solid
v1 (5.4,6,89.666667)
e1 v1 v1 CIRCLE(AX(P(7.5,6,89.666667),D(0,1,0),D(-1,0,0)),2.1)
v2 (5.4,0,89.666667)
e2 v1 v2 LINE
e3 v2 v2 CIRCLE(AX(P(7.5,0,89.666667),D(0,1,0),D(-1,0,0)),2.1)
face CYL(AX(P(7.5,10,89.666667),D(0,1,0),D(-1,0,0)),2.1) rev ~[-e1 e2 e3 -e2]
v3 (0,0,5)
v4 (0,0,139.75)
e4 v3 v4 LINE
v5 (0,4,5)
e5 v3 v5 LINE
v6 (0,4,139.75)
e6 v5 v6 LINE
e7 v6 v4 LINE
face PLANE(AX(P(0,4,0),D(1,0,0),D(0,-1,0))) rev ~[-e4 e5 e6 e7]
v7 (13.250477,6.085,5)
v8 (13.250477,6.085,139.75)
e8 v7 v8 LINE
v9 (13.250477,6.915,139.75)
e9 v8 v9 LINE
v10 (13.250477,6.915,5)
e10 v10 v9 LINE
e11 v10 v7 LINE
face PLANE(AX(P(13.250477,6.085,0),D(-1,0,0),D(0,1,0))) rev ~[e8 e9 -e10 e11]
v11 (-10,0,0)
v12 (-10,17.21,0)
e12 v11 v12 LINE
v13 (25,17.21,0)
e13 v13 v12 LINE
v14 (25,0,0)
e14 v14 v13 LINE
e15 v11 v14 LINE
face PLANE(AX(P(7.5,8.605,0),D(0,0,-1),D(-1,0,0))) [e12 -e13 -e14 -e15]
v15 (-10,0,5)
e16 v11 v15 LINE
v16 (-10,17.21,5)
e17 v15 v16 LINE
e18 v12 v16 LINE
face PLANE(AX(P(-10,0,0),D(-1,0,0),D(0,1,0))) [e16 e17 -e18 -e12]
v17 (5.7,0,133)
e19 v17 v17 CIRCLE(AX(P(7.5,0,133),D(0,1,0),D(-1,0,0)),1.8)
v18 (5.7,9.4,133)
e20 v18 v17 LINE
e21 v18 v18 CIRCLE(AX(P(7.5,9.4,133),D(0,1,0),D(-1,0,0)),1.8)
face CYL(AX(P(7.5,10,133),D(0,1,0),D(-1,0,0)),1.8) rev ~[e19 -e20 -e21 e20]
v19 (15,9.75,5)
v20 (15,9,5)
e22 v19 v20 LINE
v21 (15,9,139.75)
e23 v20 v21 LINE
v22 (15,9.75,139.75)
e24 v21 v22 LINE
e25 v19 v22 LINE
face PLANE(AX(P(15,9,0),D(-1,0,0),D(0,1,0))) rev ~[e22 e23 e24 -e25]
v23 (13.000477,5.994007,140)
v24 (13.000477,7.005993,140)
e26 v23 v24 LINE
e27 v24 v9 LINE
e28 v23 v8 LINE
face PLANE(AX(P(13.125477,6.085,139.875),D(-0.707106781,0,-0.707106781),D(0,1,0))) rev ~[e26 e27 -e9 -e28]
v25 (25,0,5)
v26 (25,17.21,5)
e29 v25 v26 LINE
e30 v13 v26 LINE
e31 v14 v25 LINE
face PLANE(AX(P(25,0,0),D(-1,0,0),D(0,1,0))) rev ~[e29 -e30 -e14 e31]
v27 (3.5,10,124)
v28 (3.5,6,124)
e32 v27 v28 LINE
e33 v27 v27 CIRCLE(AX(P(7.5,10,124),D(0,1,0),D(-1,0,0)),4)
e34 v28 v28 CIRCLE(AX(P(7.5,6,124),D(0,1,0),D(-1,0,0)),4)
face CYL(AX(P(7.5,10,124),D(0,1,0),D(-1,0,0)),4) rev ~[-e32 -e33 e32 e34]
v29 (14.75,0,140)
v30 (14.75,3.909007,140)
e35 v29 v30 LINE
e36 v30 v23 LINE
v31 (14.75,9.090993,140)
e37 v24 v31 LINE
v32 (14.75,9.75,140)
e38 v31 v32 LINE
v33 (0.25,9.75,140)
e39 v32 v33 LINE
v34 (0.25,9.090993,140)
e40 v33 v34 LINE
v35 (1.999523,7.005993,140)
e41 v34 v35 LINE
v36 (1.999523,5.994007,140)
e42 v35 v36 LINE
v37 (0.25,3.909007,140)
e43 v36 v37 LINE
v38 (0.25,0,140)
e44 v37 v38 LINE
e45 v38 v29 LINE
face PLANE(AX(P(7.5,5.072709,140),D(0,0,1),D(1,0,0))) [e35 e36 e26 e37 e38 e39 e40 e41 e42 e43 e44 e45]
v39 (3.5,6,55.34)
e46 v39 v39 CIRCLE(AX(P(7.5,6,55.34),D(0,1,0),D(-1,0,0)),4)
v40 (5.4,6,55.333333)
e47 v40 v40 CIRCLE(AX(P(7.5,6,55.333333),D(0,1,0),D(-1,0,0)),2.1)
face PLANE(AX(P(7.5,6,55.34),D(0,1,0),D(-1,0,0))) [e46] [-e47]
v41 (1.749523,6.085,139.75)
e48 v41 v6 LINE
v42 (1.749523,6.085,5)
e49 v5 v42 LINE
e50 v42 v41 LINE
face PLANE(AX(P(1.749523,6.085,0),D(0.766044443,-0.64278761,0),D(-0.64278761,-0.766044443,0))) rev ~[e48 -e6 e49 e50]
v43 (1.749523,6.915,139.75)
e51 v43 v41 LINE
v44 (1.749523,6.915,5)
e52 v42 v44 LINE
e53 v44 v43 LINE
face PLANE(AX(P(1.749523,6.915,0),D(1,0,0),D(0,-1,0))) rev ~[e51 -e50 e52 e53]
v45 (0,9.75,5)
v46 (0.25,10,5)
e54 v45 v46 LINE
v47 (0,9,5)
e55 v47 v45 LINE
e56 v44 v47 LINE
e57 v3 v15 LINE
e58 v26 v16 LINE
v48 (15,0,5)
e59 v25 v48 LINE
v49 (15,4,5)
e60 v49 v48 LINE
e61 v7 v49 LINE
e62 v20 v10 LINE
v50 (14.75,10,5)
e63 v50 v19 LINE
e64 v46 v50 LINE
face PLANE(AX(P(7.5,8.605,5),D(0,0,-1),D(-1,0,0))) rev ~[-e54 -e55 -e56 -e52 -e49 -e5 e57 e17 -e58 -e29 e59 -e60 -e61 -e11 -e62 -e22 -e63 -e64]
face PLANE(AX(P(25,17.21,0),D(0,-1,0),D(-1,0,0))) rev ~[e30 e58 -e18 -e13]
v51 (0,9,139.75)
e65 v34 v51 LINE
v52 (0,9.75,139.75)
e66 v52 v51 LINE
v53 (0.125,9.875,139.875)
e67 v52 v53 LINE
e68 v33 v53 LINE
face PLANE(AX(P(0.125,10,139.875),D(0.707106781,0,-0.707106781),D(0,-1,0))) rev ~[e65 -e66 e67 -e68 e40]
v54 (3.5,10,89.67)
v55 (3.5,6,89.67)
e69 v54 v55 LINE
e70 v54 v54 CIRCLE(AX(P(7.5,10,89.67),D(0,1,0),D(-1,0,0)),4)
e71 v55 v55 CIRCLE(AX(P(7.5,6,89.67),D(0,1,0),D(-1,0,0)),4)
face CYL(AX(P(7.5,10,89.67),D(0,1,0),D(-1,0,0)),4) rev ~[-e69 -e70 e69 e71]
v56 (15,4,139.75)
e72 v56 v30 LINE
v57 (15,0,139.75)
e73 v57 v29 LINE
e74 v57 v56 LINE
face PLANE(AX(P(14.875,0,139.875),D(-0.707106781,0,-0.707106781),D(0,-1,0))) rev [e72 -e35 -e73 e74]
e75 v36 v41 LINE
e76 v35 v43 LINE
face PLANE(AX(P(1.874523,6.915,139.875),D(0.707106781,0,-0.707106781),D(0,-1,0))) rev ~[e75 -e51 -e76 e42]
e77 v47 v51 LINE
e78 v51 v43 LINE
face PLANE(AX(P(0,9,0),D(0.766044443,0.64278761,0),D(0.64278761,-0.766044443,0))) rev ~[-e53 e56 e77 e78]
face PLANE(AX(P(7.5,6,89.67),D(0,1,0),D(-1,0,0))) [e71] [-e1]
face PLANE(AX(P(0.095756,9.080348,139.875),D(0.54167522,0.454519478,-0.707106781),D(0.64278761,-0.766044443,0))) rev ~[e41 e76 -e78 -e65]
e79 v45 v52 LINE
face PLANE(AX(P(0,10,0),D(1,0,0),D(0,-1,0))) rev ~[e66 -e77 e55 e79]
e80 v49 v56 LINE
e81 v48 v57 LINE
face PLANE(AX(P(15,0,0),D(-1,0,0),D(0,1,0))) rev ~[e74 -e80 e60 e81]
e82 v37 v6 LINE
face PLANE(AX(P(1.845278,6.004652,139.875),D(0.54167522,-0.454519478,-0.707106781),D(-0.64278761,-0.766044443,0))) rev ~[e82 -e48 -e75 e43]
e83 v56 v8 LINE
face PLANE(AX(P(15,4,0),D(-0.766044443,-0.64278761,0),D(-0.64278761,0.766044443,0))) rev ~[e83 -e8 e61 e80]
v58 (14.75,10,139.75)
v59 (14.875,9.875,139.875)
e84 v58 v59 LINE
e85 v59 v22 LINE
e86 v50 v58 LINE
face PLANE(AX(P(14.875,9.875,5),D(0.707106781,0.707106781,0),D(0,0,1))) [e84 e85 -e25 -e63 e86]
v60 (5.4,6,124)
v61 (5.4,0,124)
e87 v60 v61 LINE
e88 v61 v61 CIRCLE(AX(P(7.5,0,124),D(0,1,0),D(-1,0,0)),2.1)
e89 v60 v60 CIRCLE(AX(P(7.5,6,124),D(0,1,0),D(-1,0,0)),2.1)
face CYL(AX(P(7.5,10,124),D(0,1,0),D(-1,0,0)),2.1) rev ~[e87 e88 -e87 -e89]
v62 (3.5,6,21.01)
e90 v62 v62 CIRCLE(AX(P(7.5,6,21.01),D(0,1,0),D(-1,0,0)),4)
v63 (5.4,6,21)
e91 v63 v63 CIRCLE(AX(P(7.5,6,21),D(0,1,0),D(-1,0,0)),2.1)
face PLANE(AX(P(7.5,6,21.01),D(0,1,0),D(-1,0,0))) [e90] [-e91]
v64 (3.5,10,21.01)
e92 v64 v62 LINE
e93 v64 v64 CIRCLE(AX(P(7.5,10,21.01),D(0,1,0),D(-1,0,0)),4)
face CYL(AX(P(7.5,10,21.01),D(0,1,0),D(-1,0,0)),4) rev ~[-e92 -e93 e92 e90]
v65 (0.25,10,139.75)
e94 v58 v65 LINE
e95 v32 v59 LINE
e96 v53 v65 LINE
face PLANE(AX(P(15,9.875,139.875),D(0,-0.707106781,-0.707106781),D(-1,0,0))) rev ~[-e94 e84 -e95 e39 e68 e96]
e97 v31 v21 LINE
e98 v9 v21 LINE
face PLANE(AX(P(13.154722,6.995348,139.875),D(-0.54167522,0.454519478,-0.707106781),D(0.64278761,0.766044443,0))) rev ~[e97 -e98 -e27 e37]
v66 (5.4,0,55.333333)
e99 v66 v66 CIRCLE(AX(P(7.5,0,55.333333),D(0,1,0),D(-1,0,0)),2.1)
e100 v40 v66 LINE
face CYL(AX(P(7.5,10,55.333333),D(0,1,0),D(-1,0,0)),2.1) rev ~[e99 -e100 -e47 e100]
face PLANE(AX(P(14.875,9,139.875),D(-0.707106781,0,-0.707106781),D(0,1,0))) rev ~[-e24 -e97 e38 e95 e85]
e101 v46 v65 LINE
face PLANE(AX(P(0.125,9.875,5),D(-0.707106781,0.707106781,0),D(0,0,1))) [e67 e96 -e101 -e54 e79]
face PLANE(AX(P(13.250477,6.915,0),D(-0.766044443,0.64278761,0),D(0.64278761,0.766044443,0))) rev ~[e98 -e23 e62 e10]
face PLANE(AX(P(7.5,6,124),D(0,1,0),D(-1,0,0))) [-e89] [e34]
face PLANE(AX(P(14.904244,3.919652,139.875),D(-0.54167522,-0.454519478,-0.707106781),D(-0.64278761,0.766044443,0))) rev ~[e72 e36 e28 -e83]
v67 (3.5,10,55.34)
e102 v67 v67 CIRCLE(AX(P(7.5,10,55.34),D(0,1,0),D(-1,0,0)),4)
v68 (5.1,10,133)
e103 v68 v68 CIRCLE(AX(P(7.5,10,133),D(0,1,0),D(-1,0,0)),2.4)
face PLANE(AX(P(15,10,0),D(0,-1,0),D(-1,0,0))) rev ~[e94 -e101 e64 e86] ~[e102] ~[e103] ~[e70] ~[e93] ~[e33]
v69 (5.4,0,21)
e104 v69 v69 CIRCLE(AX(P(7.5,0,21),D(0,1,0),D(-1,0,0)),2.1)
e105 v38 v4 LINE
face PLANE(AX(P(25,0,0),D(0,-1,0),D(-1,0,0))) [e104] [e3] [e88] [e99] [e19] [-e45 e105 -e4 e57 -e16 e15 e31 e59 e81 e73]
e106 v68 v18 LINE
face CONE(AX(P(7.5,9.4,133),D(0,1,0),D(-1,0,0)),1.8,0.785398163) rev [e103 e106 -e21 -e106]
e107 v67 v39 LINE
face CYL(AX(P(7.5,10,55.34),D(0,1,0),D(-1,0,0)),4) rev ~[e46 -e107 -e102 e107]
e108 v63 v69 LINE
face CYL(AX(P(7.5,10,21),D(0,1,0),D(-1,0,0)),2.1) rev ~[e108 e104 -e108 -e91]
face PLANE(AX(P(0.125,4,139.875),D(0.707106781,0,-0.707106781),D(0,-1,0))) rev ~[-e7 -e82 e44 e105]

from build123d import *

# Parameters (mm, degrees)
P_IDAT_VYSUNUT_M1_DEPTH  = 140
SKICA2_W                 = 35
SKICA2_H                 = 17.21
P_IDAT_VYSUNUT_M2_DEPTH  = 5
SKICA3_R                 = 2.1
ODEBRAT_VYSUNUT_M1_DEPTH = 10
SKICA4_R                 = 4
ODEBRAT_VYSUNUT_M2_DEPTH = 4
SKICA5_R                 = 1.8
ODEBRAT_VYSUNUT_M3_DEPTH = 10
ZKOSEN_2_SIZE            = 0.25
ZKOSEN_3_SIZE            = 0.25
ZKOSEN_4_SIZE            = 0.6


with BuildPart() as part:
    # Skica1 → Přidat vysunutím1 (new body)
    with BuildSketch(Plane.XY):
        Polygon((0, 9), (1.749522731, 6.915), (1.749522731, 6.085), (0, 4), (0, 0), (15, 0), (15, 4), (13.250477269, 6.085), (13.250477269, 6.915), (15, 9), (15, 10), (0, 10), align=None)
    extrude(amount=P_IDAT_VYSUNUT_M1_DEPTH)

    # Skica2 → Přidat vysunutím2 (add)
    with BuildSketch(Plane(origin=(0, 0, 0), x_dir=(-1, 0, 0), z_dir=(0, 0, -1))):
        with Locations((-7.5, 8.605)):
            Rectangle(SKICA2_W, SKICA2_H)
    extrude(amount=-P_IDAT_VYSUNUT_M2_DEPTH)

    # Skica3 → Odebrat vysunutím1 (cut)
    with BuildSketch(Plane(origin=(0, 10, 0), x_dir=(1, 0, 0), z_dir=(0, 1, 0))):
        with Locations(Location((7.5, -124, 0), (0, 0, 180))):
            Circle(SKICA3_R)
        with Locations(Location((7.5, -89.666666667, 0), (0, 0, 180))):
            Circle(SKICA3_R)
        with Locations(Location((7.5, -55.333333333, 0), (0, 0, 180))):
            Circle(SKICA3_R)
        with Locations(Location((7.5, -21, 0), (0, 0, 180))):
            Circle(SKICA3_R)
    extrude(amount=-ODEBRAT_VYSUNUT_M1_DEPTH, mode=Mode.SUBTRACT)

    # Skica4 → Odebrat vysunutím2 (cut)
    with BuildSketch(Plane(origin=(0, 10, 0), x_dir=(1, 0, 0), z_dir=(0, 1, 0))):
        with Locations(Location((7.5, -124, 0), (0, 0, 180))):
            Circle(SKICA4_R)
        with Locations(Location((7.5, -89.67, 0), (0, 0, 180))):
            Circle(SKICA4_R)
        with Locations(Location((7.5, -55.34, 0), (0, 0, 180))):
            Circle(SKICA4_R)
        with Locations(Location((7.5, -21.01, 0), (0, 0, 180))):
            Circle(SKICA4_R)
    extrude(amount=-ODEBRAT_VYSUNUT_M2_DEPTH, mode=Mode.SUBTRACT)

    # Skica5 → Odebrat vysunutím3 (cut)
    with BuildSketch(Plane(origin=(0, 10, 0), x_dir=(1, 0, 0), z_dir=(0, 1, 0))):
        with Locations(Location((7.5, -133, 0), (0, 0, 180))):
            Circle(SKICA5_R)
    extrude(amount=-ODEBRAT_VYSUNUT_M3_DEPTH, mode=Mode.SUBTRACT)

    # Zkosení2
    zkosen_2_edges = [part.edges().sort_by_distance(p)[0] for p in [
        (15, 2, 140),
        (14.125238634, 5.0425, 140),
        (13.250477269, 6.5, 140),
        (14.125238634, 7.9575, 140),
        (15, 9.5, 140),
        (7.5, 10, 140),
        (0, 9.5, 140),
        (0.874761366, 7.9575, 140),
        (1.749522731, 6.5, 140),
        (0.874761366, 5.0425, 140),
        (0, 2, 140),
    ]]
    chamfer(zkosen_2_edges, length=ZKOSEN_2_SIZE)

    # Zkosení3
    zkosen_3_edges = [part.edges().sort_by_distance(p)[0] for p in [
        (15, 10, 72.375),
        (0, 10, 72.375),
    ]]
    chamfer(zkosen_3_edges, length=ZKOSEN_3_SIZE)

    # Zkosení4
    zkosen_4_edges = [part.edges().sort_by_distance(p)[0] for p in [
        (9.3, 10, 133),
    ]]
    chamfer(zkosen_4_edges, length=ZKOSEN_4_SIZE)


solid = part.part
